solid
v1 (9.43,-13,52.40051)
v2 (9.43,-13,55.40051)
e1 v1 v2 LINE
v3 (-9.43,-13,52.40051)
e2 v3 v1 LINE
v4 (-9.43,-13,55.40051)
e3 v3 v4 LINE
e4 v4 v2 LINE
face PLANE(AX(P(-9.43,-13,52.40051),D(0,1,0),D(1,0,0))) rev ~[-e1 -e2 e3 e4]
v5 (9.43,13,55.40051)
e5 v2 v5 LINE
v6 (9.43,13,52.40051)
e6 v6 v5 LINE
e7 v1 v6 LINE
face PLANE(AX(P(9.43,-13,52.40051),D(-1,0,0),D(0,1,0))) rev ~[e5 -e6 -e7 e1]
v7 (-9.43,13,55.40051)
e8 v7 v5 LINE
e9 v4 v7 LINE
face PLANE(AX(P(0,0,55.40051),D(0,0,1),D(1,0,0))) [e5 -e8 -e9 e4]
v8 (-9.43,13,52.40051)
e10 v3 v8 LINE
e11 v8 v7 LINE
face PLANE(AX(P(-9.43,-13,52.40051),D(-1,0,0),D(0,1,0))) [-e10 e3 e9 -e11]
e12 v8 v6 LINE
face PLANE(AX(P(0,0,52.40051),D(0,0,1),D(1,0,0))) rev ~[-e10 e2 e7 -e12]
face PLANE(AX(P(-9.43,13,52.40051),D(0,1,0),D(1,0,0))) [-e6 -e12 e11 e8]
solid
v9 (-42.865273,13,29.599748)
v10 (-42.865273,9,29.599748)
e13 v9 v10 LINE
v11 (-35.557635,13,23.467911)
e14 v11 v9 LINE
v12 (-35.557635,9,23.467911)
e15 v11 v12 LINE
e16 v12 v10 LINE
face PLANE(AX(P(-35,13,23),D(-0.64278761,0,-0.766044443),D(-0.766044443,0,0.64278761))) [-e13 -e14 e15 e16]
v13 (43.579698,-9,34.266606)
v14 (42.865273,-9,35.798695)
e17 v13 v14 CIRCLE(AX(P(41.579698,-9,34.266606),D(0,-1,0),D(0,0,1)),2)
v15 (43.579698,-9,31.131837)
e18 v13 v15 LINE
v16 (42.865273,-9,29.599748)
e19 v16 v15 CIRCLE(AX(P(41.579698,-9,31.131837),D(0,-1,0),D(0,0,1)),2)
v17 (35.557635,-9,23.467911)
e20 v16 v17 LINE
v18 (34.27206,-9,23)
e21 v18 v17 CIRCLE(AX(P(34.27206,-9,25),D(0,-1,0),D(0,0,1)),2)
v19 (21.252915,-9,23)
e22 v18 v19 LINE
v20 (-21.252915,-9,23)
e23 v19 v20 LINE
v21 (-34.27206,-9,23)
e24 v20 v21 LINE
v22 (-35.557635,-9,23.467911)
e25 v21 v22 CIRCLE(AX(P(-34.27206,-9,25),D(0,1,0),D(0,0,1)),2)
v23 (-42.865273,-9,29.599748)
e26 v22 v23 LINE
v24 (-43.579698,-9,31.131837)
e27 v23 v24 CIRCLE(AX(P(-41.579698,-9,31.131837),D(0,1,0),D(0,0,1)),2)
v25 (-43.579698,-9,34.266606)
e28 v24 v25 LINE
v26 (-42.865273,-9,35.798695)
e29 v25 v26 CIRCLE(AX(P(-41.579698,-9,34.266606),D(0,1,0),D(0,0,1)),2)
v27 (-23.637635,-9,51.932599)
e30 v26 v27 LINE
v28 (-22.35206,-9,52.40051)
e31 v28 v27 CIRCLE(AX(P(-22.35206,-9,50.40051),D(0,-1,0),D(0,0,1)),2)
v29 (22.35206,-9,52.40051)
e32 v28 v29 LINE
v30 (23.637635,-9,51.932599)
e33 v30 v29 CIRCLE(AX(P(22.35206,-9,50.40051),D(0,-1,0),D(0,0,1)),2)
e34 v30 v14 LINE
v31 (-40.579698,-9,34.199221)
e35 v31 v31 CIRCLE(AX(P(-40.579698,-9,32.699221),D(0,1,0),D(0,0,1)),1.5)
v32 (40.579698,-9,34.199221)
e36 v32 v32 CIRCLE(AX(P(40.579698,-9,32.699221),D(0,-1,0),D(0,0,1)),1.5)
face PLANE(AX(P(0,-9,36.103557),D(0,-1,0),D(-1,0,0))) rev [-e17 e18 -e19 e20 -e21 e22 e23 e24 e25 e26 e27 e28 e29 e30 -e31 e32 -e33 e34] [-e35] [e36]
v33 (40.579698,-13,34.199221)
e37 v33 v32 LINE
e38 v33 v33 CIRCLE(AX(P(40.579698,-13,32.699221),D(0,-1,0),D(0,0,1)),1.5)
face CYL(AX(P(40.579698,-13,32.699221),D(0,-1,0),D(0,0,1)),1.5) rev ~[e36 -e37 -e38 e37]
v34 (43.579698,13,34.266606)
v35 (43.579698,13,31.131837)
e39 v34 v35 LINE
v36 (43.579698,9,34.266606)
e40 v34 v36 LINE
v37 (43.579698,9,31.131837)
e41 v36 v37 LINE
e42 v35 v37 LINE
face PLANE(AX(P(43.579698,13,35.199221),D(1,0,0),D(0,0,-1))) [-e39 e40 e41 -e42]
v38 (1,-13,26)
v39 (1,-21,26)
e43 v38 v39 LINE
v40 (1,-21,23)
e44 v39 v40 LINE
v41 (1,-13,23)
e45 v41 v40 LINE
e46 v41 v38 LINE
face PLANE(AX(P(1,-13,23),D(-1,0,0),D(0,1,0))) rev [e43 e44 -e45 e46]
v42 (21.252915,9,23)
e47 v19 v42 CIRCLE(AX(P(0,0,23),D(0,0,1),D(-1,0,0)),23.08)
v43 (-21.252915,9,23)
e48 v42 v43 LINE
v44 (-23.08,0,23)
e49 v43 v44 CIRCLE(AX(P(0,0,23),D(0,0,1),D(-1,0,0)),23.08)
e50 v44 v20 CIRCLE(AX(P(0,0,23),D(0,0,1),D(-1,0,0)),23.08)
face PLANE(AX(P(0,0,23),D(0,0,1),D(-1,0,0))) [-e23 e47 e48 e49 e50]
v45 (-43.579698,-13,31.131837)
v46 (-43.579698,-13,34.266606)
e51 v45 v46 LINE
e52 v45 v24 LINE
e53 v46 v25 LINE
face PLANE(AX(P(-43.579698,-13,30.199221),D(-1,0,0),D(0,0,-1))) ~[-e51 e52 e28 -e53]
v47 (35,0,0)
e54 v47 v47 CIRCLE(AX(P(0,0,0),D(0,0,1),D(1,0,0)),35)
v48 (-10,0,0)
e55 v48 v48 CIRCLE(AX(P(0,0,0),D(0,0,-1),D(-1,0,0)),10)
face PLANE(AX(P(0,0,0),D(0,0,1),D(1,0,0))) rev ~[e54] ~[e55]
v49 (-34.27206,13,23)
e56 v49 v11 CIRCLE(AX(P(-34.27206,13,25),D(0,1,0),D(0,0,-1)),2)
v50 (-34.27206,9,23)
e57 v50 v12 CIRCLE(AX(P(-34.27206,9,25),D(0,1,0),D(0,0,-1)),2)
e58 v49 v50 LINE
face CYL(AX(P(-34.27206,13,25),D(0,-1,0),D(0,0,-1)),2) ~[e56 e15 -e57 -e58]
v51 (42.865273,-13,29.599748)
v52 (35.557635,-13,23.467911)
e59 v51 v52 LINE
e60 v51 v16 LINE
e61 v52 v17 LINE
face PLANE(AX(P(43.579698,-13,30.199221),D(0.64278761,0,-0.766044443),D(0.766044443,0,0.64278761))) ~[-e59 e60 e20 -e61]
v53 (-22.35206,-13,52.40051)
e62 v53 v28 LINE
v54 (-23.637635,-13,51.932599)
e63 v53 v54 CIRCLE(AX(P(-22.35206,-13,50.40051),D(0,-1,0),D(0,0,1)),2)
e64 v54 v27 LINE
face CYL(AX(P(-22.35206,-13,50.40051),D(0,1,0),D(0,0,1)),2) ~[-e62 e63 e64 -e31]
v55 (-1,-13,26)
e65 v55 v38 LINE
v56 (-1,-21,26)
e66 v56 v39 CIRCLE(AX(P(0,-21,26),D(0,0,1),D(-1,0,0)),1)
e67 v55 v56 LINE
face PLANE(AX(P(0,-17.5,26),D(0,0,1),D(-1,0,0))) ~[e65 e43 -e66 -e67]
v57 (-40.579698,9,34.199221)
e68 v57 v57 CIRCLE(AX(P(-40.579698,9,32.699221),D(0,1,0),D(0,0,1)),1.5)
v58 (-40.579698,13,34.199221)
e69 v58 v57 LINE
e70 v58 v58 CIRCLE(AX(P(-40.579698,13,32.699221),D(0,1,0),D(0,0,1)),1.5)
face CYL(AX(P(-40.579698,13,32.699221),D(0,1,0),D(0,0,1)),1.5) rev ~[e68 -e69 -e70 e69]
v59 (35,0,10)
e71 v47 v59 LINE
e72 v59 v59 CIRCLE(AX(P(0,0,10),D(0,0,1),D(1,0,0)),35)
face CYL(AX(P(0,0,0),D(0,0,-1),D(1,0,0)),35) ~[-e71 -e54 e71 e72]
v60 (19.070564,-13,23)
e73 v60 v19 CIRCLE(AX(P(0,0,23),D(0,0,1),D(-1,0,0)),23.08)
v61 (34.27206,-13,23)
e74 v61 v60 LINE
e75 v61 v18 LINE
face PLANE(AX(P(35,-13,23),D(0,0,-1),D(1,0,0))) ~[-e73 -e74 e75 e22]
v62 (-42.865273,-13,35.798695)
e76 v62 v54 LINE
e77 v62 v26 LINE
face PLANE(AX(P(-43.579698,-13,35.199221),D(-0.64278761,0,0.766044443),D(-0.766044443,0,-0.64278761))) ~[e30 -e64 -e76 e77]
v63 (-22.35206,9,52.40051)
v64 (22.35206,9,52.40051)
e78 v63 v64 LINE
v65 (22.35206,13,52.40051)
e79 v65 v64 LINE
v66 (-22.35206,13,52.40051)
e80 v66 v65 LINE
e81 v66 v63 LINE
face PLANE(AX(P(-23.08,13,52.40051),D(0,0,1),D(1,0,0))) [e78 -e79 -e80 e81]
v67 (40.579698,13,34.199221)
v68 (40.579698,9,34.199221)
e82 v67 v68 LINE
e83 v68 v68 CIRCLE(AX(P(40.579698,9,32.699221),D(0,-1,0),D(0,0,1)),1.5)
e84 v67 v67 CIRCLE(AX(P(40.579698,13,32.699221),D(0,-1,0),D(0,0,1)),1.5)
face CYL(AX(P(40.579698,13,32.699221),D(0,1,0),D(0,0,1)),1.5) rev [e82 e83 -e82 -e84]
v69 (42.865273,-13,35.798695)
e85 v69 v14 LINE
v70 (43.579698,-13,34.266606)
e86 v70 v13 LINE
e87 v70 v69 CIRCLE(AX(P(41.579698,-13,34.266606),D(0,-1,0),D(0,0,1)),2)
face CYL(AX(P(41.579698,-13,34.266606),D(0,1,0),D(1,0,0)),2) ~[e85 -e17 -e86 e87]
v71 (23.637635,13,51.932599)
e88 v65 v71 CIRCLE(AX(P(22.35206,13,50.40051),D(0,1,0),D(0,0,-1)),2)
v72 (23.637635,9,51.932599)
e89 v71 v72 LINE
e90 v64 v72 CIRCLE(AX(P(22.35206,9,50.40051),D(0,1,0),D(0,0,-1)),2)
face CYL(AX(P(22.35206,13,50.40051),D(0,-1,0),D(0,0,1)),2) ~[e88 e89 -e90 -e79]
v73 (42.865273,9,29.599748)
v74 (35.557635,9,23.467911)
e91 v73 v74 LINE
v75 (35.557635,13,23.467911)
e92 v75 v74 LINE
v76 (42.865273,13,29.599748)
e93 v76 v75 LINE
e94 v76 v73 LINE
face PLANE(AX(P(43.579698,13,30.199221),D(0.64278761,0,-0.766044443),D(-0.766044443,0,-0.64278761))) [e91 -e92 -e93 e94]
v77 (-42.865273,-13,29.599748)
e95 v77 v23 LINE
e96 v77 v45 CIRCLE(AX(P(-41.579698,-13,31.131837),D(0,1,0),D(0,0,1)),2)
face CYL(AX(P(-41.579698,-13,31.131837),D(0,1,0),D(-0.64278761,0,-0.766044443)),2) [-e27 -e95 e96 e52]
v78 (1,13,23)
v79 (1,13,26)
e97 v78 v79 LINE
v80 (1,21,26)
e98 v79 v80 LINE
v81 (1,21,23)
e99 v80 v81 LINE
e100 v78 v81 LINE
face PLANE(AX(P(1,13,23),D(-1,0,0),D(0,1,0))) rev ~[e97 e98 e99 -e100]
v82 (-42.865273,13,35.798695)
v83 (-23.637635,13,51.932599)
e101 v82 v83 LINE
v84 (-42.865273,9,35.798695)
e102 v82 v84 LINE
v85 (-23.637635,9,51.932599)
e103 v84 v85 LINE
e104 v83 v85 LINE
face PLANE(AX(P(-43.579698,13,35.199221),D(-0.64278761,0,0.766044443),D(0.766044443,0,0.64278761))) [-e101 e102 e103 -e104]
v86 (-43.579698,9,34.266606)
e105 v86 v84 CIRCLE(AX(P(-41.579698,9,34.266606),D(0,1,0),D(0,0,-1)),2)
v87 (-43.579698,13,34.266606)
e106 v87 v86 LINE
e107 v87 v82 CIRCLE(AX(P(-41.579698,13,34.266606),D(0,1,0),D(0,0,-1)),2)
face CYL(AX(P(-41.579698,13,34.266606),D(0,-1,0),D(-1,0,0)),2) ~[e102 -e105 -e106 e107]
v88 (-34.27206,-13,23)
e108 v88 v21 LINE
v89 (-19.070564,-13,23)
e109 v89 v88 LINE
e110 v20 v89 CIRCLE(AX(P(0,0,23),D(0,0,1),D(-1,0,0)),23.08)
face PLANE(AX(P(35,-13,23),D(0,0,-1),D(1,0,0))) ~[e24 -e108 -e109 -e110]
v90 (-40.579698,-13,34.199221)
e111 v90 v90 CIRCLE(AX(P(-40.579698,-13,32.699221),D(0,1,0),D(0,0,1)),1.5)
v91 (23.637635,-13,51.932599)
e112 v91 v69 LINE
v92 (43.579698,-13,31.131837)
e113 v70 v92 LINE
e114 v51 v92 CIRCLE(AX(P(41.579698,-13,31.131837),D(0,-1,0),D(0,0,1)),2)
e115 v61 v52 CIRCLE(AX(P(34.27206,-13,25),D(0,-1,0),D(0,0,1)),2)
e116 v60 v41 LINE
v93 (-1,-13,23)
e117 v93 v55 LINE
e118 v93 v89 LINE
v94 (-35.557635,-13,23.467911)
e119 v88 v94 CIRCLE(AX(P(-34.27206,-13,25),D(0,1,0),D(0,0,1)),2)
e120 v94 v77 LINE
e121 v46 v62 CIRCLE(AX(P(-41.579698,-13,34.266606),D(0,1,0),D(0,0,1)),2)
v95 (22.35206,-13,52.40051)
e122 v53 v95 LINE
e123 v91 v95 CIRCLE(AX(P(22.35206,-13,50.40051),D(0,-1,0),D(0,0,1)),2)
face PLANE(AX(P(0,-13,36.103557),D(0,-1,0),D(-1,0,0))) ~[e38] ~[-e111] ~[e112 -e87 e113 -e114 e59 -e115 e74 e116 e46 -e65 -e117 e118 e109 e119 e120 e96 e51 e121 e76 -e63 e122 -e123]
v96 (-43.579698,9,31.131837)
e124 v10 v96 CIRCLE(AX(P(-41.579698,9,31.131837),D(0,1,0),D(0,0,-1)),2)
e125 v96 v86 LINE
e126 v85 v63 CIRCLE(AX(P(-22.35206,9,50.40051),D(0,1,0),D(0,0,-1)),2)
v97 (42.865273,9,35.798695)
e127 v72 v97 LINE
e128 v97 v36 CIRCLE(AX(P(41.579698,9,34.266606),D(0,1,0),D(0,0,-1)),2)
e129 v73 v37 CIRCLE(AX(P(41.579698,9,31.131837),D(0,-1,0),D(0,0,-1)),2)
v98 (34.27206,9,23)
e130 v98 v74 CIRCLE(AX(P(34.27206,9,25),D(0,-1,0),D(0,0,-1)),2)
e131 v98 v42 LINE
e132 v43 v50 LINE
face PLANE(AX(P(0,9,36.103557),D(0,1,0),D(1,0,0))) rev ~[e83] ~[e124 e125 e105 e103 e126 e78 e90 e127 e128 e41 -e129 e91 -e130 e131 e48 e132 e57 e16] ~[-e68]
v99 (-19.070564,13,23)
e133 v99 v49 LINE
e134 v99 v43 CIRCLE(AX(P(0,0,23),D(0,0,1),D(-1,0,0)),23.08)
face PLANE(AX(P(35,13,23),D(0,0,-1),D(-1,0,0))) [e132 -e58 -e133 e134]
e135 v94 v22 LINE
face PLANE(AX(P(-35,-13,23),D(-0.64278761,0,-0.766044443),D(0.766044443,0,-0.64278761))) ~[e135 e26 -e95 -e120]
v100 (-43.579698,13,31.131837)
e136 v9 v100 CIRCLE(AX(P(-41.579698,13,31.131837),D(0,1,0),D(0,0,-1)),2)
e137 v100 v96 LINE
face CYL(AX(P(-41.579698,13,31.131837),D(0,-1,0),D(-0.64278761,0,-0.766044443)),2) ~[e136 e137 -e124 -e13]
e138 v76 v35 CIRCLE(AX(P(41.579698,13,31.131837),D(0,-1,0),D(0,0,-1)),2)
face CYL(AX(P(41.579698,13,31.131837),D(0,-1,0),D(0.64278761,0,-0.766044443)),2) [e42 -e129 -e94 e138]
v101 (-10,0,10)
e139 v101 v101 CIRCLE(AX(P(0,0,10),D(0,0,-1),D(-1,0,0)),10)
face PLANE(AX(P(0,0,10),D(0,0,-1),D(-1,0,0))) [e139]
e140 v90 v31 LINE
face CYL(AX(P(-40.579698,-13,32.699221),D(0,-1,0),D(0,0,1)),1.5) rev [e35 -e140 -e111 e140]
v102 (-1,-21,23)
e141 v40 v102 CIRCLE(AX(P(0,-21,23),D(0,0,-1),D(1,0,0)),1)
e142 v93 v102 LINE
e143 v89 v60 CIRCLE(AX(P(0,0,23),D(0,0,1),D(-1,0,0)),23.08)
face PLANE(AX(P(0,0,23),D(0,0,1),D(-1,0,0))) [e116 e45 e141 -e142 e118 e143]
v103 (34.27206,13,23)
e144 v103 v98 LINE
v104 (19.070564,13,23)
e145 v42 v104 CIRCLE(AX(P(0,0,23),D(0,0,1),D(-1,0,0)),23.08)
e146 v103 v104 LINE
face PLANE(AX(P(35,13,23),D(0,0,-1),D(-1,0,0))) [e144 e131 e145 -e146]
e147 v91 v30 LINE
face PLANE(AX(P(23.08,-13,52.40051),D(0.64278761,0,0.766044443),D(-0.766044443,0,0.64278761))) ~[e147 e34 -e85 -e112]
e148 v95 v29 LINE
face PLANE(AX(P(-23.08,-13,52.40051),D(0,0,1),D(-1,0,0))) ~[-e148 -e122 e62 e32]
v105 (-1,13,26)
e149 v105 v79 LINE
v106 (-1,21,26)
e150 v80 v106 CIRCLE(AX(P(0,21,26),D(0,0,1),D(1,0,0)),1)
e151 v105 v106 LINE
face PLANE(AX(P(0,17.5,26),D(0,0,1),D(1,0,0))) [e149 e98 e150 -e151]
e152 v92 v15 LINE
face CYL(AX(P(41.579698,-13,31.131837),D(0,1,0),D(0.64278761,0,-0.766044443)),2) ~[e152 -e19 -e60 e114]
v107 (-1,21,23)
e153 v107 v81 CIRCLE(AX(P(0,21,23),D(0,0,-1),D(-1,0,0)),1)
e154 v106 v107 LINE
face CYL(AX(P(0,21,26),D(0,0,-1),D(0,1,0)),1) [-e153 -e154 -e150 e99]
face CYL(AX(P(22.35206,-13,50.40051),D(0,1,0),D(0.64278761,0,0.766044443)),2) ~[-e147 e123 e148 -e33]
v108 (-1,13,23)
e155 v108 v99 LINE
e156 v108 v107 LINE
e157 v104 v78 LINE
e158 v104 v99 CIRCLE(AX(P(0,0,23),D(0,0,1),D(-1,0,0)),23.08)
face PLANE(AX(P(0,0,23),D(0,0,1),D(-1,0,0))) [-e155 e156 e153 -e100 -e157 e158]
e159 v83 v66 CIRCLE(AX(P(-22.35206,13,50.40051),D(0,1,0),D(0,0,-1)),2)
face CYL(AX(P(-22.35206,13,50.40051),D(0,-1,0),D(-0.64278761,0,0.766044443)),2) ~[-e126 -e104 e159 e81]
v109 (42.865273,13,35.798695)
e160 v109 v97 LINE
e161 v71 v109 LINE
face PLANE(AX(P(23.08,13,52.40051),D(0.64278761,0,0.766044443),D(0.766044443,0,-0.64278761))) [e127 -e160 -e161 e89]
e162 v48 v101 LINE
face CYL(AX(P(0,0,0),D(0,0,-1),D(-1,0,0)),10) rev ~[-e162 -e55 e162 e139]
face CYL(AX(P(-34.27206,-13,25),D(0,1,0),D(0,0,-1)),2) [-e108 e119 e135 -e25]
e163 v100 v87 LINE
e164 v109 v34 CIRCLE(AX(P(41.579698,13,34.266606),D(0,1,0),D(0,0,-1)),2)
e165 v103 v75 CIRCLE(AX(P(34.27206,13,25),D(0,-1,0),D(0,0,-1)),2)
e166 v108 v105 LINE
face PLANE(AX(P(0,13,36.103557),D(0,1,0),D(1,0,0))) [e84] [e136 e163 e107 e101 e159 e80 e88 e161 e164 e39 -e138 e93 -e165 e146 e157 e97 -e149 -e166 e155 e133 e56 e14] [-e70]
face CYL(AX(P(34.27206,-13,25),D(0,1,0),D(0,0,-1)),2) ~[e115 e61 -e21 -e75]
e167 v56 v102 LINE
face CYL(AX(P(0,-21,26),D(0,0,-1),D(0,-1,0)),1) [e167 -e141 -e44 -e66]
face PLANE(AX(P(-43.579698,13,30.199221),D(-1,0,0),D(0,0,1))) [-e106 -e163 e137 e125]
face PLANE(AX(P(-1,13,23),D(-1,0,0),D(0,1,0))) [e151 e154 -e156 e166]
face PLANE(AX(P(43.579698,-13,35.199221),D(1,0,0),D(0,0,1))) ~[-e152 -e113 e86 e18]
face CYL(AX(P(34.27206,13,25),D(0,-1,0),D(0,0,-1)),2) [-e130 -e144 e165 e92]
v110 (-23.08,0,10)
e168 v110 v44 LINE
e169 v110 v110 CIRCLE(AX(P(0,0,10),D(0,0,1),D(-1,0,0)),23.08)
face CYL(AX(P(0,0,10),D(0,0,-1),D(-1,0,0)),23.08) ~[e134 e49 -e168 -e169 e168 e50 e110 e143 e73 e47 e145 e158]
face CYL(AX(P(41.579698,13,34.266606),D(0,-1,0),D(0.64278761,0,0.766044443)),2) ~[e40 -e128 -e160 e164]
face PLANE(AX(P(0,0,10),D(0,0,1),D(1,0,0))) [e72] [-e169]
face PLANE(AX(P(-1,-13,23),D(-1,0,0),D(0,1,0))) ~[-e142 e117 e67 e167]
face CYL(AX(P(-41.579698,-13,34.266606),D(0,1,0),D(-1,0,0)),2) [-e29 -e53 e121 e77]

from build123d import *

# Parameters (mm, degrees)
SKETCH1_R                   = 35
BOSS_EXTRUDE1_DEPTH         = 10
SKETCH2_R                   = 23.08
BOSS_EXTRUDE2_DEPTH         = 13
BOSS_EXTRUDE3_DEPTH         = 4
FILLET1_R                   = 2
SKETCH5_R                   = 1.5
CUT_EXTRUDE1_DEPTH          = 4
MIRROR2_COPY_1_SKETCH_R     = 1.5
MIRROR2_COPY_1_DEPTH        = 4
FILLET1_OF_MIRROR2_R        = 2
SKETCH6_W                   = 2
SKETCH6_H                   = 9
BOSS_EXTRUDE4_DEPTH         = 3
FILLET2_RADIUS              = 1
FILLET2_LENGTH              = 3
FILLET2_OF_MIRROR3_2_RADIUS = 1
FILLET2_OF_MIRROR3_2_LENGTH = 3
SKETCH7_W                   = 18.86
SKETCH7_H                   = 26
BOSS_EXTRUDE5_DEPTH         = 3
SKETCH8_R                   = 10
CUT_EXTRUDE2_DEPTH          = 10


with BuildPart() as part:
    # Sketch1 → Boss-Extrude1 (new body)
    with BuildSketch(Plane.XY):
        Circle(SKETCH1_R)
    extrude(amount=BOSS_EXTRUDE1_DEPTH)

    # Sketch2 → Boss-Extrude2 (add)
    with BuildSketch(Plane.XY.offset(10)):
        with Locations(Location((0, 0, 0), (0, 0, 180))):
            Circle(SKETCH2_R)
    extrude(amount=BOSS_EXTRUDE2_DEPTH)

    # Sketch4 → Boss-Extrude3 (add)
    with BuildSketch(Plane(origin=(0, 13, 0), x_dir=(1, 0, 0), z_dir=(0, 1, 0))):
        Polygon((35, -23), (-35, -23), (-43.579697763, -30.199221228), (-43.579697763, -35.199221228), (-23.08, -52.400510061), (23.08, -52.400510061), (43.579697763, -35.199221228), (43.579697763, -30.199221228), align=None)
    boss_extrude3 = extrude(amount=-BOSS_EXTRUDE3_DEPTH)

    # Fillet1
    fillet1_edges = [part.edges().sort_by_distance(p)[0] for p in [
        (-43.579697763, 11, 30.199221228),
        (-35, 11, 23),
        (35, 11, 23),
        (43.579697763, 11, 30.199221228),
        (43.579697763, 11, 35.199221228),
        (23.08, 11, 52.400510061),
        (-23.08, 11, 52.400510061),
        (-43.579697763, 11, 35.199221228),
    ]]
    fillet(fillet1_edges, radius=FILLET1_R)

    # Sketch5 → Cut-Extrude1 (cut)
    with BuildSketch(Plane(origin=(0, 13, 0), x_dir=(1, 0, 0), z_dir=(0, 1, 0))):
        with Locations(Location((-40.579697763, -32.699221228, 0), (0, 0, 270))):
            Circle(SKETCH5_R)
    cut_extrude1 = extrude(amount=-CUT_EXTRUDE1_DEPTH, mode=Mode.SUBTRACT)

    # Mirror1: Cut-Extrude1 across plane
    add(cut_extrude1.mirror(Plane(origin=(0, 0, 0), x_dir=(0, 0, 1), z_dir=(1, 0, 0))), mode=Mode.SUBTRACT)

    # Mirror2: Boss-Extrude3, Cut-Extrude1 across plane
    add(boss_extrude3.mirror(Plane.ZX))
    add(cut_extrude1.mirror(Plane.ZX), mode=Mode.SUBTRACT)

    # Mirror2 copy 1 sketch → Mirror2 copy 1 (cut)
    with BuildSketch(Plane(origin=(0, -13, 0), x_dir=(-1, 0, 0), z_dir=(0, -1, 0))):
        with Locations(Location((-40.579697763, -32.699221228, 0), (0, 0, 270))):
            Circle(MIRROR2_COPY_1_SKETCH_R)
    extrude(amount=-MIRROR2_COPY_1_DEPTH, mode=Mode.SUBTRACT)

    # Fillet1 of Mirror2
    fillet1_of_mirror2_edges = [part.edges().sort_by_distance(p)[0] for p in [
        (-43.579697763, -11, 30.199221228),
        (-35, -11, 23),
        (35, -11, 23),
        (43.579697763, -11, 30.199221228),
        (43.579697763, -11, 35.199221228),
        (23.08, -11, 52.400510061),
        (-23.08, -11, 52.400510061),
        (-43.579697763, -11, 35.199221228),
    ]]
    fillet(fillet1_of_mirror2_edges, radius=FILLET1_OF_MIRROR2_R)

    # Sketch6 → Boss-Extrude4 (add)
    with BuildSketch(Plane.XY.offset(23)):
        with Locations((0, 17.5)):
            Rectangle(SKETCH6_W, SKETCH6_H)
    boss_extrude4 = extrude(amount=BOSS_EXTRUDE4_DEPTH)

    # Fillet2: full round fillet: the end face becomes a half cylinder, R = half its width
    fillet2_face = Plane((0, 22, 24.5), x_dir=(0, 0, -1), z_dir=(0, 1, 0))  # on the end face: x along it, z out of the body
    fillet2_slab = fillet2_face.offset(-FILLET2_RADIUS / 2) * Box(FILLET2_LENGTH, 2 * FILLET2_RADIUS, FILLET2_RADIUS, mode=Mode.PRIVATE)  # the body's end, R deep
    fillet2_round = Plane((0, 21, 24.5), x_dir=(0, 1, 0), z_dir=(0, 0, -1)) * Cylinder(FILLET2_RADIUS, FILLET2_LENGTH, mode=Mode.PRIVATE)  # its axis R under the face
    add(fillet2_slab - fillet2_round, mode=Mode.SUBTRACT)

    # Mirror3: Boss-Extrude4 across plane
    add(boss_extrude4.mirror(Plane.ZX))

    # Fillet2 of Mirror3 2: full round fillet: the end face becomes a half cylinder, R = half its width
    fillet2_of_mirror3_2_face = Plane((0, -22, 24.5), x_dir=(0, 0, -1), z_dir=(0, -1, 0))  # on the end face: x along it, z out of the body
    fillet2_of_mirror3_2_slab = fillet2_of_mirror3_2_face.offset(-FILLET2_OF_MIRROR3_2_RADIUS / 2) * Box(FILLET2_OF_MIRROR3_2_LENGTH, 2 * FILLET2_OF_MIRROR3_2_RADIUS, FILLET2_OF_MIRROR3_2_RADIUS, mode=Mode.PRIVATE)  # the body's end, R deep
    fillet2_of_mirror3_2_round = Plane((0, -21, 24.5), x_dir=(0, -1, 0), z_dir=(0, 0, -1)) * Cylinder(FILLET2_OF_MIRROR3_2_RADIUS, FILLET2_OF_MIRROR3_2_LENGTH, mode=Mode.PRIVATE)  # its axis R under the face
    add(fillet2_of_mirror3_2_slab - fillet2_of_mirror3_2_round, mode=Mode.SUBTRACT)

    # Sketch8 → Cut-Extrude2 (cut)
    with BuildSketch(Plane(origin=(0, 0, 0), x_dir=(-1, 0, 0), z_dir=(0, 0, -1))):
        Circle(SKETCH8_R)
    extrude(amount=-CUT_EXTRUDE2_DEPTH, mode=Mode.SUBTRACT)


with BuildPart() as body_2:
    # Sketch7 → Boss-Extrude5 (new body)
    with BuildSketch(Plane.XY.offset(52.400510061)):
        Rectangle(SKETCH7_W, SKETCH7_H)
    extrude(amount=BOSS_EXTRUDE5_DEPTH)


solid = Compound([part.part, body_2.part])
